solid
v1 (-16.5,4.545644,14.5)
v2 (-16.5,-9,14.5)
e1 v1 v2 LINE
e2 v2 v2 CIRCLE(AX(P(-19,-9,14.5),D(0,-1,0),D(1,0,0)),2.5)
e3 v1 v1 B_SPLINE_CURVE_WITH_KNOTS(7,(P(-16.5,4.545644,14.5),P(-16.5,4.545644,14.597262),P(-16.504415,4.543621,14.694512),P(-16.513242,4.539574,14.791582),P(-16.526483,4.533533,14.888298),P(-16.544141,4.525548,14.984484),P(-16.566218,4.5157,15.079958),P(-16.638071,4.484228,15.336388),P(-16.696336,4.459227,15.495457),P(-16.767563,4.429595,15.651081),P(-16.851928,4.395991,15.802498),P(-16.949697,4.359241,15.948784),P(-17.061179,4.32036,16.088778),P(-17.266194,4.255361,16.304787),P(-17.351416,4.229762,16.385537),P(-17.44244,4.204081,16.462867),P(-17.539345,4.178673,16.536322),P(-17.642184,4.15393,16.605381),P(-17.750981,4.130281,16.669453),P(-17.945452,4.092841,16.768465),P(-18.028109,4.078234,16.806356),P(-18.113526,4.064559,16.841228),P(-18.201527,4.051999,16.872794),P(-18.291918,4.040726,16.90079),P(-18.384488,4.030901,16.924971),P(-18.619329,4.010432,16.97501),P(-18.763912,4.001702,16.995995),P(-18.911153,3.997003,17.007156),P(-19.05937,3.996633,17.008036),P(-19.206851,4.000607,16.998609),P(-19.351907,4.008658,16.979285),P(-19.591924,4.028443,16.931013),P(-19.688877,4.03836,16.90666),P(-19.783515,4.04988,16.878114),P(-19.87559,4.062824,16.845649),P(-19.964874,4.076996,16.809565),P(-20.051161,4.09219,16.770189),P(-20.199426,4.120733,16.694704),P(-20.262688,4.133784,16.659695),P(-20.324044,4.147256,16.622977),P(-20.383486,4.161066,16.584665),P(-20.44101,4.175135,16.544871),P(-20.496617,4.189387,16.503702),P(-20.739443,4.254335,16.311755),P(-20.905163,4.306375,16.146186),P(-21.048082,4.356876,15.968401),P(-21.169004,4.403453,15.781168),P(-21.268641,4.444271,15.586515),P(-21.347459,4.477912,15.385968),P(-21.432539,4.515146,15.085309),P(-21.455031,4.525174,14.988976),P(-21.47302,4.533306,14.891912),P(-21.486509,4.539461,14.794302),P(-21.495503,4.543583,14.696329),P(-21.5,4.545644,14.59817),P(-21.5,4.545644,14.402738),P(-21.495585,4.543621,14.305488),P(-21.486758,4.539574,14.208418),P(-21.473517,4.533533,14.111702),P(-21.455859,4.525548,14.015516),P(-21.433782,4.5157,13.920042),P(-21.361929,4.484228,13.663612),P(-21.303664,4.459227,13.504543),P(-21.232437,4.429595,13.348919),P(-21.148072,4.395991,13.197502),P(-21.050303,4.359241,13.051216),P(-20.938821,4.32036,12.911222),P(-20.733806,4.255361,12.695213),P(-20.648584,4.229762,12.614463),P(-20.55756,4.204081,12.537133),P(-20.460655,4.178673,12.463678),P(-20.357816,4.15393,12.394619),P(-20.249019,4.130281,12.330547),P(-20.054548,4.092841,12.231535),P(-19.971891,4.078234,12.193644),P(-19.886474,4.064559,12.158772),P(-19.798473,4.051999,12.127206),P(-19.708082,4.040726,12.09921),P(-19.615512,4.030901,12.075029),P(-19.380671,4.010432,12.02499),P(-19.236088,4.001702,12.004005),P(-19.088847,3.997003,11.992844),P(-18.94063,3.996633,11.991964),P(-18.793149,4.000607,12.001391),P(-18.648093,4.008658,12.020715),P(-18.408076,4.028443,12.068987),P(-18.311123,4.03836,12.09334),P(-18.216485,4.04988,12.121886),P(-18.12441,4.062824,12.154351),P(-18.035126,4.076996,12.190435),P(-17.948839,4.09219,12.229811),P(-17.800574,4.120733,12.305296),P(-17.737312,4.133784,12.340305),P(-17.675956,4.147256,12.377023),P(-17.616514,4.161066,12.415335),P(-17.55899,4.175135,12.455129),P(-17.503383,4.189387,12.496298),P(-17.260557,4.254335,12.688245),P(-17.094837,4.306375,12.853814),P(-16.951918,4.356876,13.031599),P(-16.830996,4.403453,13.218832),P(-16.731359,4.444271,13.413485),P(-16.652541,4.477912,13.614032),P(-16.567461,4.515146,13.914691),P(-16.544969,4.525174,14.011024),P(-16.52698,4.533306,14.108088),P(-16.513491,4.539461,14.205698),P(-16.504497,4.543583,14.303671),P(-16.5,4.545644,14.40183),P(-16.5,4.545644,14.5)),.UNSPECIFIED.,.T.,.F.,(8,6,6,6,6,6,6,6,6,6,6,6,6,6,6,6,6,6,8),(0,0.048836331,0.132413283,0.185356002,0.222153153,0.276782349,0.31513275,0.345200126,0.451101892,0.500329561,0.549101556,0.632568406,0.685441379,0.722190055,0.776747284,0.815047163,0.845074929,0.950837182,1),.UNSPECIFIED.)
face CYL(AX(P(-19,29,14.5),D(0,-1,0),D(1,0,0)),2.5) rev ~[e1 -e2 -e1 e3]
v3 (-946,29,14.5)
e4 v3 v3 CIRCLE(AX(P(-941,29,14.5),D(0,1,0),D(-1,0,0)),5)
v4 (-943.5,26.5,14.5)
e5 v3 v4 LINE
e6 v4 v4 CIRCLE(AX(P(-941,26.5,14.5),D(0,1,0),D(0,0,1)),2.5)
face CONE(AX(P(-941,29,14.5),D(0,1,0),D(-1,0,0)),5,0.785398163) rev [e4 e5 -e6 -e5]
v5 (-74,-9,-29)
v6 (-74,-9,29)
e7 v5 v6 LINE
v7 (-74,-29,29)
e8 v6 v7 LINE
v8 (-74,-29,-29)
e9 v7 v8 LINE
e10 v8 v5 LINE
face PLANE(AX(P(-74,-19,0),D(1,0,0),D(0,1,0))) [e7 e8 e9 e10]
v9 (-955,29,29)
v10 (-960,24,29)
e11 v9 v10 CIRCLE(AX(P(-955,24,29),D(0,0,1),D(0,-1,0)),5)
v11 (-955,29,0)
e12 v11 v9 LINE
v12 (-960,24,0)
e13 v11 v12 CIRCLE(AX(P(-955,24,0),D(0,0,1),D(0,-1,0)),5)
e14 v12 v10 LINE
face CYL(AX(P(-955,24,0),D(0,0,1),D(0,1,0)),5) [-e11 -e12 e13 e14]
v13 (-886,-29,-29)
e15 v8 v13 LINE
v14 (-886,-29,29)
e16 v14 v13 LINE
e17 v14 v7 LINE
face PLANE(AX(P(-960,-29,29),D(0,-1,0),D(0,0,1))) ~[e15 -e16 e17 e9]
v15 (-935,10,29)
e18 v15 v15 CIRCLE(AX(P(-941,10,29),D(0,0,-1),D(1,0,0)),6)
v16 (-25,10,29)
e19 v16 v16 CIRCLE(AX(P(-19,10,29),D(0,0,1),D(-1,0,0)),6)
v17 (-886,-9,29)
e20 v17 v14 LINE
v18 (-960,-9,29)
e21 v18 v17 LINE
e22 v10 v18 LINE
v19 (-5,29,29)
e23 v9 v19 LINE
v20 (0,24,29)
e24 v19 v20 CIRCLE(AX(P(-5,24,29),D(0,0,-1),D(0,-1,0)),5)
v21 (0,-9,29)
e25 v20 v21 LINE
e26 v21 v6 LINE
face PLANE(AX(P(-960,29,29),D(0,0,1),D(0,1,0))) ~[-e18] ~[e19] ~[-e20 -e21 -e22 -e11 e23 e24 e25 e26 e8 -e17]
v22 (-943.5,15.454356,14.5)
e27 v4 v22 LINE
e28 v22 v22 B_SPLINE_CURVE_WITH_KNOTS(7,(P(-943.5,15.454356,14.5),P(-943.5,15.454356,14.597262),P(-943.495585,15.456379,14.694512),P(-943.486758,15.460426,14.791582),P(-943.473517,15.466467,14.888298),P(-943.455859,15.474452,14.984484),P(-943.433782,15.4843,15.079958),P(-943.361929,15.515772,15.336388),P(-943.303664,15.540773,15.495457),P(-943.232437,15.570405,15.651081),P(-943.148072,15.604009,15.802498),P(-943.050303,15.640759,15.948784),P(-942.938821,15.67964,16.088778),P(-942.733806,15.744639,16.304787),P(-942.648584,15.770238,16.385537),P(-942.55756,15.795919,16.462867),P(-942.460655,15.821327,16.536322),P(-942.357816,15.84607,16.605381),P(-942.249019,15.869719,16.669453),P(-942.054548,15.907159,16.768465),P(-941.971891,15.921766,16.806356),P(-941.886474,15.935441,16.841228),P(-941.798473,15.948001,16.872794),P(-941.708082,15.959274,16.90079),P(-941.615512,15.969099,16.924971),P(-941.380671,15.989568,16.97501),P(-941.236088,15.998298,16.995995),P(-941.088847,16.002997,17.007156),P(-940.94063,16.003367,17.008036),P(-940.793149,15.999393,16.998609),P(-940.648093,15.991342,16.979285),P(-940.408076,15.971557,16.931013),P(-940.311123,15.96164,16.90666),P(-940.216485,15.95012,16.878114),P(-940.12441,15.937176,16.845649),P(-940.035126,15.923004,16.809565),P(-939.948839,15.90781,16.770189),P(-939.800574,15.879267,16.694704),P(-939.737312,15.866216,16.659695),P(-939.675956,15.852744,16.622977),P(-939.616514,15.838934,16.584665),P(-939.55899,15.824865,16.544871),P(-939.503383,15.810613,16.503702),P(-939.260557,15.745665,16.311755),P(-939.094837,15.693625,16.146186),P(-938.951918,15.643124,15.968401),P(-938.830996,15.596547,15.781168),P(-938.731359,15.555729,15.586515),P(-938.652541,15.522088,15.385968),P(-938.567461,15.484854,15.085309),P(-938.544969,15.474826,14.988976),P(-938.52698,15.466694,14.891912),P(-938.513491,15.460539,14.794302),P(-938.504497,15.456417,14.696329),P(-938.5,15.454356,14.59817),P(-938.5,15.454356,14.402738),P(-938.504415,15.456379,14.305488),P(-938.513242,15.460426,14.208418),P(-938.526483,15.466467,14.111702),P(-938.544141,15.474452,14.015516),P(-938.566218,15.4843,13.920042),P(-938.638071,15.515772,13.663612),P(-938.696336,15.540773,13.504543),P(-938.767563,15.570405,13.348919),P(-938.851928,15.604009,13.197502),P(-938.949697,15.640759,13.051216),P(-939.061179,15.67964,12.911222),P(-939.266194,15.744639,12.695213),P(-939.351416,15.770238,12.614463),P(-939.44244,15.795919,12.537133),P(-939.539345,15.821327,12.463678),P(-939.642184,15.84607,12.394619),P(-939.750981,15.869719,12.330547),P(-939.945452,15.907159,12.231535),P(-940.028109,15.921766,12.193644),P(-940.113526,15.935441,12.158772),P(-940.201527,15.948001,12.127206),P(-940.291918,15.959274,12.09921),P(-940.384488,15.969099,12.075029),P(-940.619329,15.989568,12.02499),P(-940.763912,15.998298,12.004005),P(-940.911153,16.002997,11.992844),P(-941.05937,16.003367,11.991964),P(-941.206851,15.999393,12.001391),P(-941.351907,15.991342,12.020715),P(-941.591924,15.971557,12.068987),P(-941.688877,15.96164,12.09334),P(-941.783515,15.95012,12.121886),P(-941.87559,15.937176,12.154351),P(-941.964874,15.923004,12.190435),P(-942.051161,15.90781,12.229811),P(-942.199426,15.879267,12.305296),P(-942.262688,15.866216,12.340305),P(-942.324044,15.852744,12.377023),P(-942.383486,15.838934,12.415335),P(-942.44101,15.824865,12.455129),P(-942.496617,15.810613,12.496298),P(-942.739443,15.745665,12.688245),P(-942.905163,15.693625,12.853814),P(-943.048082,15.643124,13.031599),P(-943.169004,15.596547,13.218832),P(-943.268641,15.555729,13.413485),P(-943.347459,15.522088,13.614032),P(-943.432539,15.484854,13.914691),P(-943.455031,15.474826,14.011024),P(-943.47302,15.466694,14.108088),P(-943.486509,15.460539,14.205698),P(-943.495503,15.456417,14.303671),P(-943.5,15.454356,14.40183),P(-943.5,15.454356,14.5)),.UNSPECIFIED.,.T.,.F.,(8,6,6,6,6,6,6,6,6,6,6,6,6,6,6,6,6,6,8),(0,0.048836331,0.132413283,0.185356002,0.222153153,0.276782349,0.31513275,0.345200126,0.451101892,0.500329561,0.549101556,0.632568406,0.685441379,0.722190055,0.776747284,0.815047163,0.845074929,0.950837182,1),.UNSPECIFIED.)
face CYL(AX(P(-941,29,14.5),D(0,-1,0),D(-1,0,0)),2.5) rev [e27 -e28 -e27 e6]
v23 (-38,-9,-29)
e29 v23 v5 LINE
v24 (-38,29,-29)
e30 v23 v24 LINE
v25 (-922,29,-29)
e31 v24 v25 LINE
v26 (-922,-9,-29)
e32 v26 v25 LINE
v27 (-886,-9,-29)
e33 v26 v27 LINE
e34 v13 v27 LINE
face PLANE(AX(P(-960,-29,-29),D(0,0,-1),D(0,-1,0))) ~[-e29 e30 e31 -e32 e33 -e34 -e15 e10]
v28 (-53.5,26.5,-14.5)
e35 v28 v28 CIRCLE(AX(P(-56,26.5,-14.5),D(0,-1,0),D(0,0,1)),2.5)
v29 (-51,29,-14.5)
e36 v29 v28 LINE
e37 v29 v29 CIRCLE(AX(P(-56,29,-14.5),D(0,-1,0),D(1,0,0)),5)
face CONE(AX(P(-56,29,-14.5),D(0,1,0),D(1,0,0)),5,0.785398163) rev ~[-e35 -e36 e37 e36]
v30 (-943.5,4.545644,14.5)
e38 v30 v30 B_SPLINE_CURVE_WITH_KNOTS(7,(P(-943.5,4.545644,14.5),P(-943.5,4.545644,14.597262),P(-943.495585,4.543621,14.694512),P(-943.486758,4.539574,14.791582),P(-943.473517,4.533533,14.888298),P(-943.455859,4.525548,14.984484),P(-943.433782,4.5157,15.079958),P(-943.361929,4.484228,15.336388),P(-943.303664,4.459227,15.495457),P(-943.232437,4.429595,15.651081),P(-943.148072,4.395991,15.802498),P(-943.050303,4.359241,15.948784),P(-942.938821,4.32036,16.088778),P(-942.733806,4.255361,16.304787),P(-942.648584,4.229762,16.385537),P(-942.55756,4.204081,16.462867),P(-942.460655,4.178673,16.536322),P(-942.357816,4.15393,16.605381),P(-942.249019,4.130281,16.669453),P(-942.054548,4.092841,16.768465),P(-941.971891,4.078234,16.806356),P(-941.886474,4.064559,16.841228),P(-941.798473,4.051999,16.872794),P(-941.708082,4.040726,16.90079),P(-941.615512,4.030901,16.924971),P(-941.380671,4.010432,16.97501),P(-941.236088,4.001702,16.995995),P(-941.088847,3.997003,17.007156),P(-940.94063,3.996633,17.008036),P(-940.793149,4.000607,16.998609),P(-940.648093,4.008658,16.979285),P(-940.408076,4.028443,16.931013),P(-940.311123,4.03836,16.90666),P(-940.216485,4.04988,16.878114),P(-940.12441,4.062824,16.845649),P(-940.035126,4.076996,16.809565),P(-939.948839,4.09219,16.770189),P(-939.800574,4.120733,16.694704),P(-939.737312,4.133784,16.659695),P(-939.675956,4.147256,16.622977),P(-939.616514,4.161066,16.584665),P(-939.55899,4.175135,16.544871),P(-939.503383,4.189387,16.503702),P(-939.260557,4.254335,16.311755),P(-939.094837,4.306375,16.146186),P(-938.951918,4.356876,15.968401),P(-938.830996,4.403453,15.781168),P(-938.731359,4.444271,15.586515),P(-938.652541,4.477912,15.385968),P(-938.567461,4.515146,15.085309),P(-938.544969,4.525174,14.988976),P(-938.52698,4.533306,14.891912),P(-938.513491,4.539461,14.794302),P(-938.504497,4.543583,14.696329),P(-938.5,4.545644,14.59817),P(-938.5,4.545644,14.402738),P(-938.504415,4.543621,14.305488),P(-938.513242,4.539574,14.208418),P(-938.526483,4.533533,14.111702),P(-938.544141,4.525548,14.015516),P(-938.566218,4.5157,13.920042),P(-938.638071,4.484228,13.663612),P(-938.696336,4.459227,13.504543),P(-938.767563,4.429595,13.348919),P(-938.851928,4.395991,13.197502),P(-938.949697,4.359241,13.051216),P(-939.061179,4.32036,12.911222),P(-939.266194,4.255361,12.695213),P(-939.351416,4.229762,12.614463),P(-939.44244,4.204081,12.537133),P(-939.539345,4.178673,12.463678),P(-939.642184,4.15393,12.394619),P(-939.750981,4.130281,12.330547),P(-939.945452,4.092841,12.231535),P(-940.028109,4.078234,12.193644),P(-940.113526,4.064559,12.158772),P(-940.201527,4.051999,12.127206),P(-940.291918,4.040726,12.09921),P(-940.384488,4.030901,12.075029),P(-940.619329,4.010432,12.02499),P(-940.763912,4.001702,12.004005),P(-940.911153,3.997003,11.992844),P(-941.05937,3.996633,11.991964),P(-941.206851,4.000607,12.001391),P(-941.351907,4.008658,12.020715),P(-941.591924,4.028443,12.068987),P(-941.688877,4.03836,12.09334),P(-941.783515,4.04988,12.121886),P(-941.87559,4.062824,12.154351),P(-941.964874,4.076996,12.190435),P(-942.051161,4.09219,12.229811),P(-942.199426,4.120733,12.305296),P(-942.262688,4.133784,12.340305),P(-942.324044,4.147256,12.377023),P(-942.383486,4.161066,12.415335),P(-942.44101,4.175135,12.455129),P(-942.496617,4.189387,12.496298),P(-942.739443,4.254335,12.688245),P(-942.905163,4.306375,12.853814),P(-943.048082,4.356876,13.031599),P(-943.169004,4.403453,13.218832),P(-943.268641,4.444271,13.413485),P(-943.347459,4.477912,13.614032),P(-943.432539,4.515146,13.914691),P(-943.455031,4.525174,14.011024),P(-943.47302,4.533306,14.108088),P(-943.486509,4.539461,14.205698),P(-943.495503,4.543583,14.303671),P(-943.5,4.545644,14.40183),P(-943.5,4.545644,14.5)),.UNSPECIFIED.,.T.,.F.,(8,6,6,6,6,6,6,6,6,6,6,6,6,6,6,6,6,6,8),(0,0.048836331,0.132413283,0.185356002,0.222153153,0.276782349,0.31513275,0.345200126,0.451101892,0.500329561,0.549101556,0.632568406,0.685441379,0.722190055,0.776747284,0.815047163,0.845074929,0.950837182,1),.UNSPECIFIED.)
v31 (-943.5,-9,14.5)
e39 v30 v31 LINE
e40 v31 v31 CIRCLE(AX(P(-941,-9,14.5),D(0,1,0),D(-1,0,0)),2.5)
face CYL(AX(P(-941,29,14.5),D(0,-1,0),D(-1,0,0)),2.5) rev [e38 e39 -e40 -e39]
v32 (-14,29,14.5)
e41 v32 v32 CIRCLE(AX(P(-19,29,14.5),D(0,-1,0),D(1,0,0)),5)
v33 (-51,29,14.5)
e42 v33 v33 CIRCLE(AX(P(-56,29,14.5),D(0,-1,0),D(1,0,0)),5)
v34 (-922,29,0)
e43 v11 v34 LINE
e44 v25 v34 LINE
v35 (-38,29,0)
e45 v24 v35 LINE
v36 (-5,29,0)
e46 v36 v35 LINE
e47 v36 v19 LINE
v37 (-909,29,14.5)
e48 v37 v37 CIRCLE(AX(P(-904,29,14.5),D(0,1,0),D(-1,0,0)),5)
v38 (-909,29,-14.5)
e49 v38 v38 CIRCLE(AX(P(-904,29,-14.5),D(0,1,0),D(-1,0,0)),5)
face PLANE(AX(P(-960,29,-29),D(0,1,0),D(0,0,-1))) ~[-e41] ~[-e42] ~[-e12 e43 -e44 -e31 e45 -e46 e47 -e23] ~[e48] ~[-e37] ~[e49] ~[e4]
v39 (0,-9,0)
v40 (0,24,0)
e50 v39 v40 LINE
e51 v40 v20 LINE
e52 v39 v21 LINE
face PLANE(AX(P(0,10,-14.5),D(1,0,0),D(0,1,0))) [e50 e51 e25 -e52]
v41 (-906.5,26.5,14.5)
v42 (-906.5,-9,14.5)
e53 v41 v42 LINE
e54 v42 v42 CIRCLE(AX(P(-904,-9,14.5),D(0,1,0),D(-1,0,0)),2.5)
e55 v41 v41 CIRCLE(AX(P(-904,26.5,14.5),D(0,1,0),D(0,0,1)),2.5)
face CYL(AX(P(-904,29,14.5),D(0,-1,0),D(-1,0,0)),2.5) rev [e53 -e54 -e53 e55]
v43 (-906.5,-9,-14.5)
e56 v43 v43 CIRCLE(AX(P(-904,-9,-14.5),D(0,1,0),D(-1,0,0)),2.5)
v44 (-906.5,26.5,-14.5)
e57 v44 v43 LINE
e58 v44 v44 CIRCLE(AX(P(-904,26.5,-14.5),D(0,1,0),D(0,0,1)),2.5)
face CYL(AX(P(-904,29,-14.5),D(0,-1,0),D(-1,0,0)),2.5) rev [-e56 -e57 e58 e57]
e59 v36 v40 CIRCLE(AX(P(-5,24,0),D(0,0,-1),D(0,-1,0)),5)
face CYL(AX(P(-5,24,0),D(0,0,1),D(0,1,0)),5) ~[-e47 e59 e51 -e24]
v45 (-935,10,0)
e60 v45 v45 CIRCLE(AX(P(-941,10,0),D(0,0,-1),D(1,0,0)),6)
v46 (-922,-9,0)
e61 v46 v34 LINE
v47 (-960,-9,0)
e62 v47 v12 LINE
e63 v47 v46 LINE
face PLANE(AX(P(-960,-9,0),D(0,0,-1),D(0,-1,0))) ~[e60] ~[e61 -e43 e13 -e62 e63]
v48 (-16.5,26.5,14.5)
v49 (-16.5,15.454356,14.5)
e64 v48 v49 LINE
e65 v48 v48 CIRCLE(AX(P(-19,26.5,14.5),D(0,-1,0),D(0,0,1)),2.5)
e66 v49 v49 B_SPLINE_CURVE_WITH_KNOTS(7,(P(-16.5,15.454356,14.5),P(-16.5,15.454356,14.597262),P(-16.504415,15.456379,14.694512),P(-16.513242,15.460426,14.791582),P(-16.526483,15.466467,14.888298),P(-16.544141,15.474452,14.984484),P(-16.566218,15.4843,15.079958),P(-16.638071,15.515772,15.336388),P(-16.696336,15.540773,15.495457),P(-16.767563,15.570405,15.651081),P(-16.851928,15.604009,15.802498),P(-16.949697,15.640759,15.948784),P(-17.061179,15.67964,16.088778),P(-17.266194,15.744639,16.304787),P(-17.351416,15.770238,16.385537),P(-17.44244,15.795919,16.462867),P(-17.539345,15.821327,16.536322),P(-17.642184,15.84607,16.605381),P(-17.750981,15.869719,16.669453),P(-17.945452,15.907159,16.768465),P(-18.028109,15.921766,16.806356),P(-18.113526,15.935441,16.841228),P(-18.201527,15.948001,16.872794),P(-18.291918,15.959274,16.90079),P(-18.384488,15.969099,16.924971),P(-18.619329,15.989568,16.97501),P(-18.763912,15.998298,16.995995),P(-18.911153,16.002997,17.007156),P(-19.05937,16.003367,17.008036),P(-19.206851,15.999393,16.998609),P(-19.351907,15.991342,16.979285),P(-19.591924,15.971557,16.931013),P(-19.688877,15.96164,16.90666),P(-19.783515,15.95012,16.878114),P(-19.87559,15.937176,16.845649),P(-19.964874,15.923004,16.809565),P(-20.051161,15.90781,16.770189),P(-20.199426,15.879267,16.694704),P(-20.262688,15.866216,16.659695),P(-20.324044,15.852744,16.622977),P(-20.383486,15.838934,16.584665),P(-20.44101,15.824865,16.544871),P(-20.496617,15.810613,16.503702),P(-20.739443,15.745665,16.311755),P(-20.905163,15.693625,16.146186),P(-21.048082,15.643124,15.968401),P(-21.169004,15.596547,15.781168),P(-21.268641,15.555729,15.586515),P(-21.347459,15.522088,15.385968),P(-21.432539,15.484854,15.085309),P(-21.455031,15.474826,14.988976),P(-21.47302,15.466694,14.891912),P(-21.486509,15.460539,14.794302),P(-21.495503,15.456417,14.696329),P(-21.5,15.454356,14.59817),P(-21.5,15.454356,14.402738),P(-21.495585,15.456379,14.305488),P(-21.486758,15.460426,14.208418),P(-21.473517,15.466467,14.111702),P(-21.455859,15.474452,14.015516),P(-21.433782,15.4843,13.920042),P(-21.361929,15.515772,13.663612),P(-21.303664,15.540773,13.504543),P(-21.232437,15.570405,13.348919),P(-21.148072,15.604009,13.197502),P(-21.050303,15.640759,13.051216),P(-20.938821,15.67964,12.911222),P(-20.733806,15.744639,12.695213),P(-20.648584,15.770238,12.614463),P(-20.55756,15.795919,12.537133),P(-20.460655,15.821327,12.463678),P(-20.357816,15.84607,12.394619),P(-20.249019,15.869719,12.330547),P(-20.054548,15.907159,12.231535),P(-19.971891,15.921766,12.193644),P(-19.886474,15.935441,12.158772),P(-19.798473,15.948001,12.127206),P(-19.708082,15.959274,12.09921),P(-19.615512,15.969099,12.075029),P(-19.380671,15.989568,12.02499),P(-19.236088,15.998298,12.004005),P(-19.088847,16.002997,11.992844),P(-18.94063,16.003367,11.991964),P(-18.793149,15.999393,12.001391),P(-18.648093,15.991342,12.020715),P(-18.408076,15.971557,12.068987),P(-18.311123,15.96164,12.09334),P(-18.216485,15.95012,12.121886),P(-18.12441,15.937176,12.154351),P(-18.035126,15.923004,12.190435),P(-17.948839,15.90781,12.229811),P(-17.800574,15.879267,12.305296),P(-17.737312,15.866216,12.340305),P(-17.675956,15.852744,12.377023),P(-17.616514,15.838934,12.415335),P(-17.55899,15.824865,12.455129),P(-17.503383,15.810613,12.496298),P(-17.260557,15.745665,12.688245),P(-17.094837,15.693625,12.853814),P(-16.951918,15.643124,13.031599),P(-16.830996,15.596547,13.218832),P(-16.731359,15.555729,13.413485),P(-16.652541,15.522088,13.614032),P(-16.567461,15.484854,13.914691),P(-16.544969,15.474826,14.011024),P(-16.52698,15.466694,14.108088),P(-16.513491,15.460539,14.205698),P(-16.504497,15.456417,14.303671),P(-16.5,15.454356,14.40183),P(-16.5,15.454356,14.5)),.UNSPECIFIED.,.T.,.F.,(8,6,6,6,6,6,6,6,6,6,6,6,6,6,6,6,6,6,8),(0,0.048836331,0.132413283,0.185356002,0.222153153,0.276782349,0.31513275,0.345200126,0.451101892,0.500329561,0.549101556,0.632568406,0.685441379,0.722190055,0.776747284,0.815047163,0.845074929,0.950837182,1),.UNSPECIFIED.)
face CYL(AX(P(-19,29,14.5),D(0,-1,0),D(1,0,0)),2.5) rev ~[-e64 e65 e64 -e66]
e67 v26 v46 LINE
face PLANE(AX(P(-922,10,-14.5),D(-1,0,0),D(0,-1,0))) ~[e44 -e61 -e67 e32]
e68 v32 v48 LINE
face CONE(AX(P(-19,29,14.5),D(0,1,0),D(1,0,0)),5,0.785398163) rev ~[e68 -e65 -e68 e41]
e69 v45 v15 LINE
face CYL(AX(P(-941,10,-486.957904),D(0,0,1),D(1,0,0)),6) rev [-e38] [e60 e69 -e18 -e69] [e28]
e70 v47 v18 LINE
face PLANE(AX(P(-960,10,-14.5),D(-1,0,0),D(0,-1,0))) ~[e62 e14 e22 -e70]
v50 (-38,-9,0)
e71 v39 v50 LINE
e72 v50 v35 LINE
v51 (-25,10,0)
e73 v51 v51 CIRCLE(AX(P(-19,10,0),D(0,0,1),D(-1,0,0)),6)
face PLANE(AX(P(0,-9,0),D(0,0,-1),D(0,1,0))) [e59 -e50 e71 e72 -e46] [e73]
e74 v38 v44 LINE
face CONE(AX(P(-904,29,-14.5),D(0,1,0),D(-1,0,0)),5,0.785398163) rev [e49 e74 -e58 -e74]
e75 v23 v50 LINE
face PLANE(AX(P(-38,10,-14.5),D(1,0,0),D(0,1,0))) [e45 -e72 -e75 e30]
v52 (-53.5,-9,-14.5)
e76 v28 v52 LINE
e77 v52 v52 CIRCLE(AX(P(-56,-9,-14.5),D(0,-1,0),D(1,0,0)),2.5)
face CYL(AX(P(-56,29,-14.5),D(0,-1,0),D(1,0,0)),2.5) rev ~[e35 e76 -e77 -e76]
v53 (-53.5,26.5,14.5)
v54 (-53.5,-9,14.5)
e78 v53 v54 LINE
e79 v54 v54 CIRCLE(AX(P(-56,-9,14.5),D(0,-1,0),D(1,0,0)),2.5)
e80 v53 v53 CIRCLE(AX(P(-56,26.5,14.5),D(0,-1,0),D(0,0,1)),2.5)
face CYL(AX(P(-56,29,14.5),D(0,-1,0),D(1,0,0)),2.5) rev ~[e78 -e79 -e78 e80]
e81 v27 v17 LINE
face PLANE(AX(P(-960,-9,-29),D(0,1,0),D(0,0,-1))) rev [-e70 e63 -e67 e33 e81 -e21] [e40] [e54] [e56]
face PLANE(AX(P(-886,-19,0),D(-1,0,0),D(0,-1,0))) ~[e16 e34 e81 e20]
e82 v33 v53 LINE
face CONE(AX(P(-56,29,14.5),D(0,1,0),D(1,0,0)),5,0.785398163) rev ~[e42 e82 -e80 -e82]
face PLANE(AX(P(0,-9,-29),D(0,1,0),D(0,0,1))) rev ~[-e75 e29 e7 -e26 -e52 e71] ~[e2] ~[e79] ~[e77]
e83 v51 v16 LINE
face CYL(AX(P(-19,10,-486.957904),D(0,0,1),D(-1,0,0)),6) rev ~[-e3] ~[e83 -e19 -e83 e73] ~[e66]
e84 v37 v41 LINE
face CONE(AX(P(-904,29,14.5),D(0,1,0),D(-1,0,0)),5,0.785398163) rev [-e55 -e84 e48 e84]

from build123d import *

# Parameters (mm, degrees)
F0_W           = 38
F0_H           = 29
F1_DEPTH       = 480
F2_DEPTH       = 74
F3_DEPTH       = 38
F4_R           = 5
F7_D           = 12
F8_D           = 5
F8_CSINK_D     = 10
F8_CSINK_ANGLE = 90


with BuildPart() as f1:
    # F0 (on Right) → F1 (new body)
    with BuildSketch(Plane.YZ):
        with Locations((10, -14.5)):
            Rectangle(F0_W, F0_H)
        with Locations((10, 14.5)):
            Rectangle(F0_W, F0_H)
        Polygon((-9, 0), (-9, 29), (-29, 29), (-29, -29), (-9, -29), align=None)
    extrude(amount=-F1_DEPTH)

    # F0 (on Right) → F2 (cut)
    with BuildSketch(Plane.YZ):
        Polygon((-9, 0), (-9, 29), (-29, 29), (-29, -29), (-9, -29), align=None)
    extrude(amount=-F2_DEPTH, mode=Mode.SUBTRACT)

    # F0 (on Right) → F3 (cut)
    with BuildSketch(Plane.YZ):
        with Locations((10, -14.5)):
            Rectangle(F0_W, F0_H)
    extrude(amount=-F3_DEPTH, mode=Mode.SUBTRACT)

    # F4
    f4_edges = [f1.edges().sort_by_distance(p)[0] for p in [
        (0, 29, 14.5),
    ]]
    fillet(f4_edges, radius=F4_R)

    # F7 (through all)
    with Locations(Plane(origin=(0, 0, 0), x_dir=(1, 0, 0), z_dir=(0, 0, -1))):
        with Locations((-19, -10)):
            Hole(F7_D / 2)

    # F8 (through all)
    with Locations(Plane(origin=(0, 29, 0), x_dir=(-1, 0, 0), z_dir=(0, 1, 0))):
        with Locations((19, 14.5), (56, 14.5), (56, -14.5)):
            CounterSinkHole(F8_D / 2, F8_CSINK_D / 2, counter_sink_angle=F8_CSINK_ANGLE)

    # F9: F1 across face


with BuildPart() as f1_1:
    add(f1.part)
    add(f1.part.mirror(Plane(origin=(-480, 0, 0), x_dir=(0, 1, 0), z_dir=(-1, 0, 0))))


solid = f1_1.part
